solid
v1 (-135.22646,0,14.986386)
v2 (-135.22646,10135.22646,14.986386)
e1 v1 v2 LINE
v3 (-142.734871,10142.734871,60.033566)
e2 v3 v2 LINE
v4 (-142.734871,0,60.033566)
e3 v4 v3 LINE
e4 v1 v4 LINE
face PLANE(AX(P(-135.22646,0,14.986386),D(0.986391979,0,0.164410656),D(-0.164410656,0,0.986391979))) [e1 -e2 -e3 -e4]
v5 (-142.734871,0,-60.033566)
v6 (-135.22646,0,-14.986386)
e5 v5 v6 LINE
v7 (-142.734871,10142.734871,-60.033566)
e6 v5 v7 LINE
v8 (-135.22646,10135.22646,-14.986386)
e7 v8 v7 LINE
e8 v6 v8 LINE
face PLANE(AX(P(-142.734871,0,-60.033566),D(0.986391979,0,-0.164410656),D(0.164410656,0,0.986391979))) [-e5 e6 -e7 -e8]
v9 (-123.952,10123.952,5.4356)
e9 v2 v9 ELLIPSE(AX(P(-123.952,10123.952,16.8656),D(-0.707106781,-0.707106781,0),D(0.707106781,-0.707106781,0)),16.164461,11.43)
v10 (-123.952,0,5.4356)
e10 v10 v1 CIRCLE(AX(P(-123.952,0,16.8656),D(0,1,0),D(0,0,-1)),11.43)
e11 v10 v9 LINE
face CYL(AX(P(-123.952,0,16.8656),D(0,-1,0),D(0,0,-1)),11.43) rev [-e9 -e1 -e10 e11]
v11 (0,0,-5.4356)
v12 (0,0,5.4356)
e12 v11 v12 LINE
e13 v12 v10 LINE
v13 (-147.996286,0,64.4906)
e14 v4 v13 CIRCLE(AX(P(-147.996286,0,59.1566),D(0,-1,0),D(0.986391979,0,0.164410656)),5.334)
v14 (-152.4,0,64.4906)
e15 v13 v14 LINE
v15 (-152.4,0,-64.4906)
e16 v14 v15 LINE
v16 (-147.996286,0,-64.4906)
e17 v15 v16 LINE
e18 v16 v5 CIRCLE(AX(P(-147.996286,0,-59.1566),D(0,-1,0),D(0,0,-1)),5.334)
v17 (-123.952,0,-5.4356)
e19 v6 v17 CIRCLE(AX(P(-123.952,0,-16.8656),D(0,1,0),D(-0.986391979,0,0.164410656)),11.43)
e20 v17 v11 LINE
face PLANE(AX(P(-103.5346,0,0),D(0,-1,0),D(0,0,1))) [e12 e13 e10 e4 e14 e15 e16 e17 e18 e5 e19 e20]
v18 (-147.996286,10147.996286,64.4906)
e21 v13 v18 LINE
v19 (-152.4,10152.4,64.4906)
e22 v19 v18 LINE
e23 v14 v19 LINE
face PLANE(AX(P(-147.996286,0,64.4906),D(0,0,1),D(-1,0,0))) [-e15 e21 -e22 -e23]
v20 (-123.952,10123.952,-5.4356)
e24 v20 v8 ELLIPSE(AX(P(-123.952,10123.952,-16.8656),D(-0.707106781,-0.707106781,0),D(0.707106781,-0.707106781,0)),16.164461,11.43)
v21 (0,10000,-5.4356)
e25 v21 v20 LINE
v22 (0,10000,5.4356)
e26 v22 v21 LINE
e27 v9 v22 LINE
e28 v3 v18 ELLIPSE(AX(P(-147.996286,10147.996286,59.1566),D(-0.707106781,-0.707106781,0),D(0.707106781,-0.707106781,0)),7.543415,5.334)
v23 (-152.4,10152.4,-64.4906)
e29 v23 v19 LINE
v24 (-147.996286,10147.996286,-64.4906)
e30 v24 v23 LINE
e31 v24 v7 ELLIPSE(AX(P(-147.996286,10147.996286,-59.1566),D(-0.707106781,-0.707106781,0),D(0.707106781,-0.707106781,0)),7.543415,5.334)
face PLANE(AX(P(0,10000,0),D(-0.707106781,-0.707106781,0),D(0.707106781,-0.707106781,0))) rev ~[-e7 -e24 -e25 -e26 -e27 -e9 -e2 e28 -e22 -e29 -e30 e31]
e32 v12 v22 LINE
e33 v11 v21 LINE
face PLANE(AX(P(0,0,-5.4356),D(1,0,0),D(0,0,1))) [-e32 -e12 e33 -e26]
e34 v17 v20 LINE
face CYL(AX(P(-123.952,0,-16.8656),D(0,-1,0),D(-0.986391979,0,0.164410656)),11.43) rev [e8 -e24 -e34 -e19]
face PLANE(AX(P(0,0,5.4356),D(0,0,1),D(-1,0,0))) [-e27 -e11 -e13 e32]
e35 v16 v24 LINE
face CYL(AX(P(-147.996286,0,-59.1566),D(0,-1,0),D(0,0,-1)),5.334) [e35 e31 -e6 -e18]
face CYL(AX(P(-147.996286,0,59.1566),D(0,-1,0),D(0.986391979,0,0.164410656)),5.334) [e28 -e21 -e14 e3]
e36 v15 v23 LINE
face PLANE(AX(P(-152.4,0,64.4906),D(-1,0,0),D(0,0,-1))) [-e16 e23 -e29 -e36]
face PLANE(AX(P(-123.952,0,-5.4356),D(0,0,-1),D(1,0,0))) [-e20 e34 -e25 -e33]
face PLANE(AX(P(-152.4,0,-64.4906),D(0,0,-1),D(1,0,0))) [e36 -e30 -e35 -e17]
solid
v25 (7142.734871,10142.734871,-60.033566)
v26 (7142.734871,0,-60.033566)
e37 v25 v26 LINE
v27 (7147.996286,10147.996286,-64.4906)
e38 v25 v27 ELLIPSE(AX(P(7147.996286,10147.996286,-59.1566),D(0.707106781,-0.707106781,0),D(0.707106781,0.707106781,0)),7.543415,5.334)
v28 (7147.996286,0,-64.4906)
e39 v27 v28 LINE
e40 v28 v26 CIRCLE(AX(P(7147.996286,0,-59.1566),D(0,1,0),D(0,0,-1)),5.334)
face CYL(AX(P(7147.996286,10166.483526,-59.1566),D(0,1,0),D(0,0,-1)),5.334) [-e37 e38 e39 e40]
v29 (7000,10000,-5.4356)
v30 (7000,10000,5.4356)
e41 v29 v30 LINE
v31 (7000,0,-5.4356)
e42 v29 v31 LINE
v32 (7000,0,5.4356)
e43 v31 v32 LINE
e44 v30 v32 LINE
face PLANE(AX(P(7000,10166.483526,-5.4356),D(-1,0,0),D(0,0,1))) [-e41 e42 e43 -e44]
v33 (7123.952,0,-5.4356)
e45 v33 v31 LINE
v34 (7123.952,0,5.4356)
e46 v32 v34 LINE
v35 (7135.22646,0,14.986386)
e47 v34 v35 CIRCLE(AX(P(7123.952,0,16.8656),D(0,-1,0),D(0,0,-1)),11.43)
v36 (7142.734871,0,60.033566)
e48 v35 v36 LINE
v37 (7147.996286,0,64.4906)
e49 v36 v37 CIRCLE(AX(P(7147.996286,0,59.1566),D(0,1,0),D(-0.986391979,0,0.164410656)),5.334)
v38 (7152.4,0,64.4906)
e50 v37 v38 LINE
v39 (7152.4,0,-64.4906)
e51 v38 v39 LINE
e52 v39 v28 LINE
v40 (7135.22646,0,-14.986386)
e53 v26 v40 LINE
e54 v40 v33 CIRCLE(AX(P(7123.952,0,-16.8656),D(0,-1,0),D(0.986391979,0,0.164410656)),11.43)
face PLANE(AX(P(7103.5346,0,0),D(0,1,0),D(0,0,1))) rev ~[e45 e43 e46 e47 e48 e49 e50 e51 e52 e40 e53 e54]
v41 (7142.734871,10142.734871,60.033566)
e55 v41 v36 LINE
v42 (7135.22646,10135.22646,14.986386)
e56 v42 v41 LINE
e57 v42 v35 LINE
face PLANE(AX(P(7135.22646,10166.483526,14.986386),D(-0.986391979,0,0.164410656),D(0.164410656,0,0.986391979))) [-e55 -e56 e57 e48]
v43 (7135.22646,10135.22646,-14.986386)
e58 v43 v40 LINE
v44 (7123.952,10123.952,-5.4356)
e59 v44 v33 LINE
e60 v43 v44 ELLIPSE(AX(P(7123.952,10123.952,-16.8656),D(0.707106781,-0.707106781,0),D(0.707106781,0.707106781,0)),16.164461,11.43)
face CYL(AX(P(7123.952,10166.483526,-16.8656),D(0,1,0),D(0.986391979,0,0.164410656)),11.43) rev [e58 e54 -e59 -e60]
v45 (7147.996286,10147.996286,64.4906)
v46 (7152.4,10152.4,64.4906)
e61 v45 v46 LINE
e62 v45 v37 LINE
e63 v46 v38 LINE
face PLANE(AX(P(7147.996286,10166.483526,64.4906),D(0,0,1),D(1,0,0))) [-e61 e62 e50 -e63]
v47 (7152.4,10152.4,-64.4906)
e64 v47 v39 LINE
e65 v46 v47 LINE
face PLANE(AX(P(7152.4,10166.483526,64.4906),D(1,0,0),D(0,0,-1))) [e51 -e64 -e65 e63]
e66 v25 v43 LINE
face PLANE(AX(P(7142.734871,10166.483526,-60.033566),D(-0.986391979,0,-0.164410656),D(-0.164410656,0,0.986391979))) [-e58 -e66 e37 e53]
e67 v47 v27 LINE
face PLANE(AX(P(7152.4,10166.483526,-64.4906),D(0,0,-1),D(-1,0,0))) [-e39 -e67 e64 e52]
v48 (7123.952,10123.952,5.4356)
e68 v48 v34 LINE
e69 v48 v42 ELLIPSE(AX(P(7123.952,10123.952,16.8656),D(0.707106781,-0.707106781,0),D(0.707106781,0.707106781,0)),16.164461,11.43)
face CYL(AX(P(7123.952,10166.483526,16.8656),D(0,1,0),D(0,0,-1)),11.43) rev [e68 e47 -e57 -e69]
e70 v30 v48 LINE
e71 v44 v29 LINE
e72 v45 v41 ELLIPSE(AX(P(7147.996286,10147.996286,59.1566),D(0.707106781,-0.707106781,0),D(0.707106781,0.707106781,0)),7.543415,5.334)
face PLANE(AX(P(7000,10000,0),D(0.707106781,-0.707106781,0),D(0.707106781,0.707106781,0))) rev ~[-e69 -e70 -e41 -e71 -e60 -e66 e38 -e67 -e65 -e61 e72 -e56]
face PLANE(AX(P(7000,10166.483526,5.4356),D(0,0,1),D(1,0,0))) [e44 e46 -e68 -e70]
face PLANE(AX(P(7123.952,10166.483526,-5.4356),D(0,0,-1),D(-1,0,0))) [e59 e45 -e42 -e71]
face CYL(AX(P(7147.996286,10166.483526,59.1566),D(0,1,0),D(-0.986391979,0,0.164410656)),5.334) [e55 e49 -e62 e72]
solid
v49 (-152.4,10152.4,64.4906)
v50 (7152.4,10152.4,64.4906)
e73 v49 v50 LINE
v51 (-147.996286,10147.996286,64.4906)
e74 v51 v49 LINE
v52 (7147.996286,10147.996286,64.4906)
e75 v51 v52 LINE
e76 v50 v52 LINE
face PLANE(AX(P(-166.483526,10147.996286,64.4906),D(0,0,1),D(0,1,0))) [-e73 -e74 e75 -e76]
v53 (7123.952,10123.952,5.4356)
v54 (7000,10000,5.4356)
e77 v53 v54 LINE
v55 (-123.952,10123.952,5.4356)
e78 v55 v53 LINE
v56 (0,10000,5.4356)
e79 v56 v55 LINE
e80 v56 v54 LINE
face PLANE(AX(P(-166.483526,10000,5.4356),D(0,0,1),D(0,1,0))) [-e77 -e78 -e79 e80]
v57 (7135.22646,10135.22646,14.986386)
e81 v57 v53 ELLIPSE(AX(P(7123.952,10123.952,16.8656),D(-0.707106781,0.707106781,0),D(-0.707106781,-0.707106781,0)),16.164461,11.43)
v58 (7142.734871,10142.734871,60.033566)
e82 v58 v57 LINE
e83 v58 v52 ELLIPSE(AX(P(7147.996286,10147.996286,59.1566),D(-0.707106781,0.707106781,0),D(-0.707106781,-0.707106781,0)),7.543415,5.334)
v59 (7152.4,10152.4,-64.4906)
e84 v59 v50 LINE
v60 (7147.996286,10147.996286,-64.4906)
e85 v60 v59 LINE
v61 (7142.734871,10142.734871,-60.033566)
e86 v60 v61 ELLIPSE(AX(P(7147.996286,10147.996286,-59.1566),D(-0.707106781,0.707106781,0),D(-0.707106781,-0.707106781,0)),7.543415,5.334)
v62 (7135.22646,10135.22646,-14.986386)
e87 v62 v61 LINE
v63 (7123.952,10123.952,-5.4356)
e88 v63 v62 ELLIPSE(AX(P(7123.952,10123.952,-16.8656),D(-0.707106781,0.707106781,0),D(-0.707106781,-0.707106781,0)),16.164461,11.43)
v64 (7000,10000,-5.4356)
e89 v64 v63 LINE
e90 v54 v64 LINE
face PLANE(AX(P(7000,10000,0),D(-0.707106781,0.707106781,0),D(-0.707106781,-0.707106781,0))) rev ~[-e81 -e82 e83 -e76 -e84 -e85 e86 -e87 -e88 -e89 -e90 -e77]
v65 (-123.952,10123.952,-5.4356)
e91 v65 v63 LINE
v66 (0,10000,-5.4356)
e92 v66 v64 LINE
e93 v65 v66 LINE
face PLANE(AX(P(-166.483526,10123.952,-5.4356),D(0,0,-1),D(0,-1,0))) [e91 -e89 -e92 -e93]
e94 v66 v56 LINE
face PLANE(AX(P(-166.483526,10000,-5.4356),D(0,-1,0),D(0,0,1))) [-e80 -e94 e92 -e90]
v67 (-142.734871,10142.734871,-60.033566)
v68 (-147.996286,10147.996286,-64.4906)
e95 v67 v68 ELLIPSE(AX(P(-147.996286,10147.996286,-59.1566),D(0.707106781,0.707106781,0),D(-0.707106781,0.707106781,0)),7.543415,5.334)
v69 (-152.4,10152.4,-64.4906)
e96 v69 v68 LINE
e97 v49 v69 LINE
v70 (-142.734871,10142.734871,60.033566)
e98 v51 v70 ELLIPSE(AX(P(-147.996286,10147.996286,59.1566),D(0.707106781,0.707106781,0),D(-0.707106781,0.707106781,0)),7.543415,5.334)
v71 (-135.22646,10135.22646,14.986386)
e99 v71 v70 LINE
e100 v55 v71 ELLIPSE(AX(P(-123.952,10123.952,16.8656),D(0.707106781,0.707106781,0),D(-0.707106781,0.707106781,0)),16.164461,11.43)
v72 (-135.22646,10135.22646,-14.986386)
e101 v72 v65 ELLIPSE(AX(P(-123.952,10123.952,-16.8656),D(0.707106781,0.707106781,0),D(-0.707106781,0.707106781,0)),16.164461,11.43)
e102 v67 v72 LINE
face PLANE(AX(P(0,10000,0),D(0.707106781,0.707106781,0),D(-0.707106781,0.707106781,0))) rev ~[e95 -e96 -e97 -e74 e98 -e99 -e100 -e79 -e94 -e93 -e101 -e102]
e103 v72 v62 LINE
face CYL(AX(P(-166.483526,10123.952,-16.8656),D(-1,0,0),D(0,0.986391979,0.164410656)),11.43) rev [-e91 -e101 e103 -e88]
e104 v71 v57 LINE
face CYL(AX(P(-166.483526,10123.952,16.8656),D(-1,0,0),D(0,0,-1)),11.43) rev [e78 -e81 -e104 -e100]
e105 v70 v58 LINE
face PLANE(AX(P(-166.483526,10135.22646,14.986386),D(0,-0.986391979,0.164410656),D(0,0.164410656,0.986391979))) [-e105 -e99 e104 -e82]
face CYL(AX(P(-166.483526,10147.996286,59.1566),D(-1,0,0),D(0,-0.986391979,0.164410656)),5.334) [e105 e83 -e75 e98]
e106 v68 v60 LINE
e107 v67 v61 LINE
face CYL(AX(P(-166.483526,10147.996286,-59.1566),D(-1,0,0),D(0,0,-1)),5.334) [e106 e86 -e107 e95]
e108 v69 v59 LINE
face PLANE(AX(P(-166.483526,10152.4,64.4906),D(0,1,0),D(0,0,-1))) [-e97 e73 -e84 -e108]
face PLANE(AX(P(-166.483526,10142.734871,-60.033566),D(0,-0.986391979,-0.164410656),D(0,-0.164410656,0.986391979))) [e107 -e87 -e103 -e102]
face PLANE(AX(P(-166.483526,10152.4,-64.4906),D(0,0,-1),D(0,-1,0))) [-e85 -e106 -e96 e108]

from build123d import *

# Parameters (mm, degrees)
ST_SECTION_ST6X17_5_1_DEPTH   = 10166.483526335
ST_SECTION_ST6X17_5_1_2_DEPTH = 7332.967052671
ST_SECTION_ST6X17_5_1_3_DEPTH = 10166.483526336


with BuildPart() as part:
    # Sketch11 → St section ST6X17.5(1) (new body)
    with BuildSketch(Plane(origin=(0, 0, 0), x_dir=(0, 0, -1), z_dir=(0, 1, 0))):
        with BuildLine():
            Line((-64.4906, 152.4), (64.4906, 152.4))
            Line((64.4906, 152.4), (64.4906, 147.996286207))
            ThreePointArc((64.4906, 147.996286207), (63.226568979, 144.548546584), (60.033566439, 142.734871391))
            Line((60.033566439, 142.734871391), (14.986386201, 135.22646032))
            ThreePointArc((14.986386201, 135.22646032), (8.144237901, 131.340013477), (5.4356, 123.952))
            Line((5.4356, 123.952), (5.4356, 0))
            Line((5.4356, 0), (-5.4356, 0))
            Line((-5.4356, 0), (-5.4356, 123.952))
            ThreePointArc((-5.4356, 123.952), (-8.144237901, 131.340013477), (-14.986386201, 135.22646032))
            Line((-14.986386201, 135.22646032), (-60.033566439, 142.734871391))
            ThreePointArc((-60.033566439, 142.734871391), (-63.226568979, 144.548546584), (-64.4906, 147.996286207))
            Line((-64.4906, 147.996286207), (-64.4906, 152.4))
        make_face()
    extrude(amount=ST_SECTION_ST6X17_5_1_DEPTH)

    # St section ST6X17.5(1) mitre 1
    split(bisect_by=Plane(origin=(0, 10000, 0), x_dir=(0.707106781, -0.707106781, 0), z_dir=(-0.707106781, -0.707106781, 0)), keep=Keep.TOP)


with BuildPart() as body_2:
    # Sketch11 on segment 2 (carried to segment 2) → St section ST6X17.5_1 2 (new body)
    with BuildSketch(Plane(origin=(-166.483526335, 10000, 0), x_dir=(0, 0, -1), z_dir=(1, 0, 0))):
        with BuildLine():
            Line((-64.4906, 152.4), (64.4906, 152.4))
            Line((64.4906, 152.4), (64.4906, 147.996286207))
            ThreePointArc((64.4906, 147.996286207), (63.226568979, 144.548546584), (60.033566439, 142.734871391))
            Line((60.033566439, 142.734871391), (14.986386201, 135.22646032))
            ThreePointArc((14.986386201, 135.22646032), (8.144237901, 131.340013477), (5.4356, 123.952))
            Line((5.4356, 123.952), (5.4356, 0))
            Line((5.4356, 0), (-5.4356, 0))
            Line((-5.4356, 0), (-5.4356, 123.952))
            ThreePointArc((-5.4356, 123.952), (-8.144237901, 131.340013477), (-14.986386201, 135.22646032))
            Line((-14.986386201, 135.22646032), (-60.033566439, 142.734871391))
            ThreePointArc((-60.033566439, 142.734871391), (-63.226568979, 144.548546584), (-64.4906, 147.996286207))
            Line((-64.4906, 147.996286207), (-64.4906, 152.4))
        make_face()
    extrude(amount=ST_SECTION_ST6X17_5_1_2_DEPTH)

    # St section ST6X17.5_1 2 mitre 1
    split(bisect_by=Plane(origin=(0, 10000, 0), x_dir=(-0.707106781, 0.707106781, 0), z_dir=(0.707106781, 0.707106781, 0)), keep=Keep.TOP)

    # St section ST6X17.5_1 2 mitre 2
    split(bisect_by=Plane(origin=(7000, 10000, 0), x_dir=(-0.707106781, -0.707106781, 0), z_dir=(-0.707106781, 0.707106781, 0)), keep=Keep.TOP)


with BuildPart() as body_3:
    # Sketch11 on segment 3 (carried to segment 3) → St section ST6X17.5_1 3 (new body)
    with BuildSketch(Plane(origin=(7000, 10166.483526335, 0), x_dir=(0, 0, -1), z_dir=(0, -1, 0))):
        with BuildLine():
            Line((-64.4906, 152.4), (64.4906, 152.4))
            Line((64.4906, 152.4), (64.4906, 147.996286207))
            ThreePointArc((64.4906, 147.996286207), (63.226568979, 144.548546584), (60.033566439, 142.734871391))
            Line((60.033566439, 142.734871391), (14.986386201, 135.22646032))
            ThreePointArc((14.986386201, 135.22646032), (8.144237901, 131.340013477), (5.4356, 123.952))
            Line((5.4356, 123.952), (5.4356, 0))
            Line((5.4356, 0), (-5.4356, 0))
            Line((-5.4356, 0), (-5.4356, 123.952))
            ThreePointArc((-5.4356, 123.952), (-8.144237901, 131.340013477), (-14.986386201, 135.22646032))
            Line((-14.986386201, 135.22646032), (-60.033566439, 142.734871391))
            ThreePointArc((-60.033566439, 142.734871391), (-63.226568979, 144.548546584), (-64.4906, 147.996286207))
            Line((-64.4906, 147.996286207), (-64.4906, 152.4))
        make_face()
    extrude(amount=ST_SECTION_ST6X17_5_1_3_DEPTH)

    # St section ST6X17.5_1 3 mitre 1
    split(bisect_by=Plane(origin=(7000, 10000, 0), x_dir=(0.707106781, 0.707106781, 0), z_dir=(0.707106781, -0.707106781, 0)), keep=Keep.TOP)


solid = Compound([part.part, body_2.part, body_3.part])
